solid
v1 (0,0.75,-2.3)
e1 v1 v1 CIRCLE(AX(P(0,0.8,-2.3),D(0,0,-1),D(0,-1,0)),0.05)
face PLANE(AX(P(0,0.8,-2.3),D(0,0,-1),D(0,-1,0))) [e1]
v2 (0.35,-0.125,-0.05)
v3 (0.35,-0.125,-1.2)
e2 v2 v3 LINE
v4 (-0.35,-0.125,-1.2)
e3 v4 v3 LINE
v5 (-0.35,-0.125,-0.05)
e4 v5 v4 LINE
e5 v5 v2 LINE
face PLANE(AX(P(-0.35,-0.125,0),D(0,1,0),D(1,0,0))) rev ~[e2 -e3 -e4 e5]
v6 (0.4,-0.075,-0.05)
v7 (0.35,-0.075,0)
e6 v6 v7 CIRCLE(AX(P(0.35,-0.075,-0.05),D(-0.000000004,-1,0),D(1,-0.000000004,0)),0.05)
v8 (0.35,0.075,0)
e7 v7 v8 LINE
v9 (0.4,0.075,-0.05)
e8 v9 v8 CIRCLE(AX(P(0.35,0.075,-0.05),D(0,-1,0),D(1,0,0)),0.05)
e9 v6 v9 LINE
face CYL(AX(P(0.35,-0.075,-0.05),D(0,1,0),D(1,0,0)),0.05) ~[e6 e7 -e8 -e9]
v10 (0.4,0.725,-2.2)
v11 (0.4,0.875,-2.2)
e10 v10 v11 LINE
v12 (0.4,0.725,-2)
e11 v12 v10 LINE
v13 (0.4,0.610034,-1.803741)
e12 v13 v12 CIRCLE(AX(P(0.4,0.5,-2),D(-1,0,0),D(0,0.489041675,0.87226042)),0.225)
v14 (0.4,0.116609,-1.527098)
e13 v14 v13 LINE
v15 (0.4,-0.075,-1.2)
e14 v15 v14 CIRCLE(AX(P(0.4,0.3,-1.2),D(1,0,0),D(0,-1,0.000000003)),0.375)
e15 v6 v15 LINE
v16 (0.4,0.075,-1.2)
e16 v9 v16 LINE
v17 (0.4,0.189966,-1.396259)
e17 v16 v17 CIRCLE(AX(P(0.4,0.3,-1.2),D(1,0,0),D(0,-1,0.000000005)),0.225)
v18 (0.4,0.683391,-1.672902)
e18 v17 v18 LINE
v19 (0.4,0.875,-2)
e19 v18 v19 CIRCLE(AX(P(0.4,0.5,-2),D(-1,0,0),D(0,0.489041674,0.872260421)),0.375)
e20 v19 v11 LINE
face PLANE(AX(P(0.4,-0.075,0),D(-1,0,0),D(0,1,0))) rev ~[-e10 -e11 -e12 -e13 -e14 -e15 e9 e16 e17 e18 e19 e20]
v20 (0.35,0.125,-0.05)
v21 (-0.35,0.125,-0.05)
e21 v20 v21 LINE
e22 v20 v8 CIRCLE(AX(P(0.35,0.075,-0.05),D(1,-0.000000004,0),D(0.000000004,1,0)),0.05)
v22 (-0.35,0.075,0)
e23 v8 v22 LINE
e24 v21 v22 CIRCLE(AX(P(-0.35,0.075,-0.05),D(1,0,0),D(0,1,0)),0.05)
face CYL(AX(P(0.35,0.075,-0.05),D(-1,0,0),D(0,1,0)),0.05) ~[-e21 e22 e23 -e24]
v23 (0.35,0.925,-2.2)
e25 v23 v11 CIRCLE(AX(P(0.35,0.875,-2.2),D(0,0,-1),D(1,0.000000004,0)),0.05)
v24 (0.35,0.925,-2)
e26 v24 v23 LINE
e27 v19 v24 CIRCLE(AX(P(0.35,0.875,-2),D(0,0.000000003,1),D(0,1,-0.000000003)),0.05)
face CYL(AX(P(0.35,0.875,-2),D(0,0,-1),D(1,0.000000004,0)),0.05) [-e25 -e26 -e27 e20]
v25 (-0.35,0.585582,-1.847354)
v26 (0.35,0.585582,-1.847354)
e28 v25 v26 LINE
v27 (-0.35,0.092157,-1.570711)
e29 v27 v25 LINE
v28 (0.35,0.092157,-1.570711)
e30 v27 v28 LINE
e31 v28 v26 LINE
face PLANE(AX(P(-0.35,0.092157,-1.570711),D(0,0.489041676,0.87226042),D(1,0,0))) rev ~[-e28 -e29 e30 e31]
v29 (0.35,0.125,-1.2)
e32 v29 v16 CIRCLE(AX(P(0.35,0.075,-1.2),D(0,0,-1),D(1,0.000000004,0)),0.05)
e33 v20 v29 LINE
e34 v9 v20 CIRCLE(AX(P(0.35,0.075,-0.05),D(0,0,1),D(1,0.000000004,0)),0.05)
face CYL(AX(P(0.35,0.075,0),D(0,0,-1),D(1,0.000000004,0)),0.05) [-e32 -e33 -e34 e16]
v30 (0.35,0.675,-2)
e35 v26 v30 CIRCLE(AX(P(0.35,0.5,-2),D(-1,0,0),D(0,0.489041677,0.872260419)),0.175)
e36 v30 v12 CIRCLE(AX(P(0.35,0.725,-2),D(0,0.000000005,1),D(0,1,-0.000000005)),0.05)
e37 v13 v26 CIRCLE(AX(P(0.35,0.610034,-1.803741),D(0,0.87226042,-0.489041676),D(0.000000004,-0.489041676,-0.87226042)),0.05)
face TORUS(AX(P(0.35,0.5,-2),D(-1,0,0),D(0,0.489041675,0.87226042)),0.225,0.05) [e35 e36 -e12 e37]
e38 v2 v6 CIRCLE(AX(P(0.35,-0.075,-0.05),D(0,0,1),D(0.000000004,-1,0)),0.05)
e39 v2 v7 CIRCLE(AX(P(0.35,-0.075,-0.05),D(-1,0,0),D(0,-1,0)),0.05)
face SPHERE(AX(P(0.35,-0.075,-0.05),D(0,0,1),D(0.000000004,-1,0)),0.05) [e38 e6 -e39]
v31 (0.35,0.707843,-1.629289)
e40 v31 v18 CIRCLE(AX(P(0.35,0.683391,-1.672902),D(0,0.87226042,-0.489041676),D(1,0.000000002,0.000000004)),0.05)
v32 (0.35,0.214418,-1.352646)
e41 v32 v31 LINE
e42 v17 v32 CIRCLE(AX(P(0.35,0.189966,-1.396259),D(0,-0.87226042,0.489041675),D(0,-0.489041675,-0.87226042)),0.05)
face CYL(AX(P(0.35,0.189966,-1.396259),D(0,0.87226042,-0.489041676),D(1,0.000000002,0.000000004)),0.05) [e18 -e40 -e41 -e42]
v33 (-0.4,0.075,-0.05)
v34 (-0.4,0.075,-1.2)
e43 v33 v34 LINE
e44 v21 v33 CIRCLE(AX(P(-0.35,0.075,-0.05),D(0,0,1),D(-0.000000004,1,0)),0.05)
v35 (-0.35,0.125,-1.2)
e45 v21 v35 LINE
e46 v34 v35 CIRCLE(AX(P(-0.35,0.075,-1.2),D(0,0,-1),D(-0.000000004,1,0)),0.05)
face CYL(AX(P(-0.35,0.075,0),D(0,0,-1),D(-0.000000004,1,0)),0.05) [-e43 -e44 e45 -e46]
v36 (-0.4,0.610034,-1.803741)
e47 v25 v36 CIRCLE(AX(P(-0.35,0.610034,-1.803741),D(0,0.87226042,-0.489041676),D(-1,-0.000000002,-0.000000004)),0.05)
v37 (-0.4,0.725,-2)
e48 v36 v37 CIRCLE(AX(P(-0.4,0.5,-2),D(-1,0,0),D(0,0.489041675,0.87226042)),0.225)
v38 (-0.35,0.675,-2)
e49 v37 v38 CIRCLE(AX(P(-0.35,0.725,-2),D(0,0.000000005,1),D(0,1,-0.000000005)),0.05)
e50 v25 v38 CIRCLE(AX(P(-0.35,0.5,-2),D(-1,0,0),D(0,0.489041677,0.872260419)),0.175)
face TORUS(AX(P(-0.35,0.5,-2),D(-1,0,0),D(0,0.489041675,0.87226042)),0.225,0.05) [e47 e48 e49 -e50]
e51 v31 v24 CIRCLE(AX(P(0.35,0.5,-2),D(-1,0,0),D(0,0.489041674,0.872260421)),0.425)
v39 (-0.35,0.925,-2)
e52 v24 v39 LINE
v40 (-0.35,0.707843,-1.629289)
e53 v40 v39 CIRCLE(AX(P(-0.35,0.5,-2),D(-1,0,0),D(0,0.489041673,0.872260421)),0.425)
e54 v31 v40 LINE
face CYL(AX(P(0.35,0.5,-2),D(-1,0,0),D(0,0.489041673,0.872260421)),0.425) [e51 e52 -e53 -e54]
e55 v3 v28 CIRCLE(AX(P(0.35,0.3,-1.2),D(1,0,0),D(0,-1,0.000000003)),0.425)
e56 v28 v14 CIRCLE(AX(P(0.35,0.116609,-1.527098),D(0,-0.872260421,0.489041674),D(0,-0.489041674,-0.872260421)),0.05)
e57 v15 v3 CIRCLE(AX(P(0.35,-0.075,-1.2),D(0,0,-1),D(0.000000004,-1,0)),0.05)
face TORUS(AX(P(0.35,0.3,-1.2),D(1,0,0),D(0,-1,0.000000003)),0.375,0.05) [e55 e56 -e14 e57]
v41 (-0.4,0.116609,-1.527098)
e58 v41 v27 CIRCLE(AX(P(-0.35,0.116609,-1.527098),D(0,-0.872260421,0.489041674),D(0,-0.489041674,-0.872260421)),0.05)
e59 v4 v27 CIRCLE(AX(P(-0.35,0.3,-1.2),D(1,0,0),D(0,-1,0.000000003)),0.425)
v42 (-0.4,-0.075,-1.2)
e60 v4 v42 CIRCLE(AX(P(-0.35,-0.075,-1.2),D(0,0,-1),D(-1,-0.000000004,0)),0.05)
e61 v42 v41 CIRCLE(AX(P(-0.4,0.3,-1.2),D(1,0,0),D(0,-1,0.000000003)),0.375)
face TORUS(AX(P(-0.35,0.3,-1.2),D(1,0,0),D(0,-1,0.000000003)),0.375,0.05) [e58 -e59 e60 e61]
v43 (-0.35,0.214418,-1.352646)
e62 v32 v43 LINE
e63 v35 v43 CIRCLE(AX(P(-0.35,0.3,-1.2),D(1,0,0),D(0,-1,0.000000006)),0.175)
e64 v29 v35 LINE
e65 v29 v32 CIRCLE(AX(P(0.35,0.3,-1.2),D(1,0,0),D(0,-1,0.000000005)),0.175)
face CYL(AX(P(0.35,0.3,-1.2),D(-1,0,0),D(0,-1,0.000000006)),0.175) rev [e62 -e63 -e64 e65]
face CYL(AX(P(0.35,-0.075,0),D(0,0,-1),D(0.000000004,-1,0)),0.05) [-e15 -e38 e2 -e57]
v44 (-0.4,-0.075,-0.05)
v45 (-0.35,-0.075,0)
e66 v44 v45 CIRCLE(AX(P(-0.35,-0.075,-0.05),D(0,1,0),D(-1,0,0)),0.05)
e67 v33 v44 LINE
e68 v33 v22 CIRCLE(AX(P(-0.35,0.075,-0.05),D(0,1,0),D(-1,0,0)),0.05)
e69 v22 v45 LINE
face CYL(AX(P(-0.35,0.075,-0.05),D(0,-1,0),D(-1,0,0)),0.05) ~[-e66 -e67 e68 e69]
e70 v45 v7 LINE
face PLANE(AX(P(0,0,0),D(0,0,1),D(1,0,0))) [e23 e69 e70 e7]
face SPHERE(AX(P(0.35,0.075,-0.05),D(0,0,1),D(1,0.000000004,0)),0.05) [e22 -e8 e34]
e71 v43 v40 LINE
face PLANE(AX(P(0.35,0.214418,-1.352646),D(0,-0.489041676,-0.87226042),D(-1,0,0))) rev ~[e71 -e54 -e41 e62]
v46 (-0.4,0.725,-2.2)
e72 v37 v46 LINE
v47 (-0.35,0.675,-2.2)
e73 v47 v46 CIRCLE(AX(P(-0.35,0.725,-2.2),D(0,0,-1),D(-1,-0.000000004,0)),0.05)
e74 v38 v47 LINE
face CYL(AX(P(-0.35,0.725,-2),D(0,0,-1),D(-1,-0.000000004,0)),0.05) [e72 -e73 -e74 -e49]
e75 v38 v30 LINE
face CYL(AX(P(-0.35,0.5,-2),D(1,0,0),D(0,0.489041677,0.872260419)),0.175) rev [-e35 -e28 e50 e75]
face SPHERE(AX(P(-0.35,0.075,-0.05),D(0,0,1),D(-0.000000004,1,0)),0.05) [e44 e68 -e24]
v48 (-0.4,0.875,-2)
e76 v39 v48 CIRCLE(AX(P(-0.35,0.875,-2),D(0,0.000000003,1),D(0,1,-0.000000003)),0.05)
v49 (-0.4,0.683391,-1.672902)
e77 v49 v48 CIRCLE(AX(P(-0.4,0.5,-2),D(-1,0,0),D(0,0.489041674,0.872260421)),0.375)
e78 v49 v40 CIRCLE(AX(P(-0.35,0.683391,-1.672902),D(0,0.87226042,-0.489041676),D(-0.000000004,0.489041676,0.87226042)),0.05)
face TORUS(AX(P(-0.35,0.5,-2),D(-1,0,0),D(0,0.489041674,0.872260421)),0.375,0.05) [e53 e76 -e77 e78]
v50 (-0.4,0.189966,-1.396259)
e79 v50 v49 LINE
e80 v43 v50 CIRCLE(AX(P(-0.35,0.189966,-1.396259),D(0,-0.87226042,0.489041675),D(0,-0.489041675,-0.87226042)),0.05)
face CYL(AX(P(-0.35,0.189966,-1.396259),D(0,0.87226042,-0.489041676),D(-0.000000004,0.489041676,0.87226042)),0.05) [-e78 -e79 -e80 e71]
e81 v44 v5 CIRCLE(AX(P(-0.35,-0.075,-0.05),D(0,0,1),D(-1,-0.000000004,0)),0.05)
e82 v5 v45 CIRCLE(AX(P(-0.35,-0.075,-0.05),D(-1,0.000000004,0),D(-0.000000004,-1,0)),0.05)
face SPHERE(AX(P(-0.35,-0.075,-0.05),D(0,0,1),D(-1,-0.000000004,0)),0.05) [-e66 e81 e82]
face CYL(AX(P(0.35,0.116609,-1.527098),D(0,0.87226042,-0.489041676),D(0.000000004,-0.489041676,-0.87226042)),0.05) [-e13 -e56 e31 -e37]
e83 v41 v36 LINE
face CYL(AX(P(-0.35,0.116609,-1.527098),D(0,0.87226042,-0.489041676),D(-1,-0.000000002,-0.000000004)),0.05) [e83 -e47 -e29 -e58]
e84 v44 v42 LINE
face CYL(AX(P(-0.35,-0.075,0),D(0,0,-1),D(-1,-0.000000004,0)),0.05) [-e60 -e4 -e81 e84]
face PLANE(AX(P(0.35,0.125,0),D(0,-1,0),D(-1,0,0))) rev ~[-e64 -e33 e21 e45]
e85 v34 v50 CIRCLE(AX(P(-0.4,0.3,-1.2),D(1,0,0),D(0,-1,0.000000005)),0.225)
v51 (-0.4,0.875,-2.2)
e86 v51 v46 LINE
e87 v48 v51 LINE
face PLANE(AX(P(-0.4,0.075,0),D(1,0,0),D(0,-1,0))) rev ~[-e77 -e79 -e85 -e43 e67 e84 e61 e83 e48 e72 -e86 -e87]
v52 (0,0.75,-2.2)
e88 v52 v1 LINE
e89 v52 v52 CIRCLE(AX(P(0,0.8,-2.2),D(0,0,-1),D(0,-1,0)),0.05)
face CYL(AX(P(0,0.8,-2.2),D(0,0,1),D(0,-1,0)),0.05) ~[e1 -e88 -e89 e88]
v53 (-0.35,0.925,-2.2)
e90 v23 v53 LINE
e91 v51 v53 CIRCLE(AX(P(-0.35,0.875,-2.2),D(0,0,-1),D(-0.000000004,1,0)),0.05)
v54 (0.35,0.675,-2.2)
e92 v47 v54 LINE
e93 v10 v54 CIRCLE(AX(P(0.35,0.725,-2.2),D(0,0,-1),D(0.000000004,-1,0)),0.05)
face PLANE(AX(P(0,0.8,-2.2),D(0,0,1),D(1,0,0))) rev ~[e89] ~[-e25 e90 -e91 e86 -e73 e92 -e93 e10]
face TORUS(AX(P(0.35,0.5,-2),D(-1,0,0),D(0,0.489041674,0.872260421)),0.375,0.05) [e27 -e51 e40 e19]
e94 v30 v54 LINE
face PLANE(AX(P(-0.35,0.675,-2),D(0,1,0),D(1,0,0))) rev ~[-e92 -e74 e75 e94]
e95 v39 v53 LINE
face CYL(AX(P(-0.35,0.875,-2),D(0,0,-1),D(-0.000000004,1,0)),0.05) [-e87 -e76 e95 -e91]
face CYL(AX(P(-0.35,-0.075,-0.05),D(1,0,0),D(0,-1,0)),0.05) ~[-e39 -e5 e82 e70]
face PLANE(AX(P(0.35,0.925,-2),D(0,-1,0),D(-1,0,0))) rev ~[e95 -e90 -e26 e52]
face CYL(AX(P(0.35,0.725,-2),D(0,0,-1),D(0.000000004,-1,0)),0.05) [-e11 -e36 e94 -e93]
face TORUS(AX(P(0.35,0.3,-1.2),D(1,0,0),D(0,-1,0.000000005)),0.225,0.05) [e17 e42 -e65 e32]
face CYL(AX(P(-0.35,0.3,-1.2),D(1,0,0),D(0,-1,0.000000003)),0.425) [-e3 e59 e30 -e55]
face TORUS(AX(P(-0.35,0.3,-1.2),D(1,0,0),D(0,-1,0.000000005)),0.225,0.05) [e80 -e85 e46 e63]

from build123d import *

# Parameters (mm, degrees)
FILETE2_R                = 0.05
ESBO_O3_R                = 0.05
RESSALTO_EXTRUS_O1_DEPTH = 0.1


with BuildPart() as part:
    # Varredura1: sweep along a path in Esboço2
    with BuildLine(Plane(origin=(0, 0, 0), x_dir=(0, 0, -1), z_dir=(1, 0, 0))) as varredura1_path:
        Line((0, 0), (1.2, 0))
        ThreePointArc((1.2, 0), (1.35163484, 0.041143137), (1.461678126, 0.153287497))
        Line((1.461678126, 0.153287497), (1.738321874, 0.646712503))
        ThreePointArc((1.738321874, 0.646712503), (1.84836516, 0.758856863), (2, 0.8))
        Line((2, 0.8), (2.2, 0.8))
    # Esboço1 → Varredura1 (sweep)
    with BuildSketch(Plane.XY):
        with BuildLine():
            Line((-0.35, -0.125), (0.35, -0.125))
            ThreePointArc((0.35, -0.125), (0.385355339, -0.110355339), (0.4, -0.075))
            Line((0.4, -0.075), (0.4, 0.075))
            ThreePointArc((0.4, 0.075), (0.385355339, 0.110355339), (0.35, 0.125))
            Line((0.35, 0.125), (-0.35, 0.125))
            ThreePointArc((-0.35, 0.125), (-0.385355339, 0.110355339), (-0.4, 0.075))
            Line((-0.4, 0.075), (-0.4, -0.075))
            ThreePointArc((-0.4, -0.075), (-0.385355339, -0.110355339), (-0.35, -0.125))
        make_face()
    sweep(path=varredura1_path.line)

    # Filete2
    filete2_edges = [part.edges().sort_by_distance(p)[0] for p in [
        (-0.4, 0, 0),
        (-0.385355339, 0.110355339, 0),
        (0, 0.125, 0),
        (0.385355339, 0.110355339, 0),
        (0.4, 0, 0),
        (0.385355339, -0.110355339, 0),
        (0, -0.125, 0),
        (-0.385355339, -0.110355339, 0),
    ]]
    fillet(filete2_edges, radius=FILETE2_R)

    # Esboço3 → Ressalto-extrusão1 (add)
    with BuildSketch(Plane(origin=(0, 0, -2.2), x_dir=(-1, 0, 0), z_dir=(0, 0, -1))):
        with Locations(Location((0, 0.8, 0), (0, 0, 270))):
            Circle(ESBO_O3_R)
    extrude(amount=RESSALTO_EXTRUS_O1_DEPTH)


solid = part.part
